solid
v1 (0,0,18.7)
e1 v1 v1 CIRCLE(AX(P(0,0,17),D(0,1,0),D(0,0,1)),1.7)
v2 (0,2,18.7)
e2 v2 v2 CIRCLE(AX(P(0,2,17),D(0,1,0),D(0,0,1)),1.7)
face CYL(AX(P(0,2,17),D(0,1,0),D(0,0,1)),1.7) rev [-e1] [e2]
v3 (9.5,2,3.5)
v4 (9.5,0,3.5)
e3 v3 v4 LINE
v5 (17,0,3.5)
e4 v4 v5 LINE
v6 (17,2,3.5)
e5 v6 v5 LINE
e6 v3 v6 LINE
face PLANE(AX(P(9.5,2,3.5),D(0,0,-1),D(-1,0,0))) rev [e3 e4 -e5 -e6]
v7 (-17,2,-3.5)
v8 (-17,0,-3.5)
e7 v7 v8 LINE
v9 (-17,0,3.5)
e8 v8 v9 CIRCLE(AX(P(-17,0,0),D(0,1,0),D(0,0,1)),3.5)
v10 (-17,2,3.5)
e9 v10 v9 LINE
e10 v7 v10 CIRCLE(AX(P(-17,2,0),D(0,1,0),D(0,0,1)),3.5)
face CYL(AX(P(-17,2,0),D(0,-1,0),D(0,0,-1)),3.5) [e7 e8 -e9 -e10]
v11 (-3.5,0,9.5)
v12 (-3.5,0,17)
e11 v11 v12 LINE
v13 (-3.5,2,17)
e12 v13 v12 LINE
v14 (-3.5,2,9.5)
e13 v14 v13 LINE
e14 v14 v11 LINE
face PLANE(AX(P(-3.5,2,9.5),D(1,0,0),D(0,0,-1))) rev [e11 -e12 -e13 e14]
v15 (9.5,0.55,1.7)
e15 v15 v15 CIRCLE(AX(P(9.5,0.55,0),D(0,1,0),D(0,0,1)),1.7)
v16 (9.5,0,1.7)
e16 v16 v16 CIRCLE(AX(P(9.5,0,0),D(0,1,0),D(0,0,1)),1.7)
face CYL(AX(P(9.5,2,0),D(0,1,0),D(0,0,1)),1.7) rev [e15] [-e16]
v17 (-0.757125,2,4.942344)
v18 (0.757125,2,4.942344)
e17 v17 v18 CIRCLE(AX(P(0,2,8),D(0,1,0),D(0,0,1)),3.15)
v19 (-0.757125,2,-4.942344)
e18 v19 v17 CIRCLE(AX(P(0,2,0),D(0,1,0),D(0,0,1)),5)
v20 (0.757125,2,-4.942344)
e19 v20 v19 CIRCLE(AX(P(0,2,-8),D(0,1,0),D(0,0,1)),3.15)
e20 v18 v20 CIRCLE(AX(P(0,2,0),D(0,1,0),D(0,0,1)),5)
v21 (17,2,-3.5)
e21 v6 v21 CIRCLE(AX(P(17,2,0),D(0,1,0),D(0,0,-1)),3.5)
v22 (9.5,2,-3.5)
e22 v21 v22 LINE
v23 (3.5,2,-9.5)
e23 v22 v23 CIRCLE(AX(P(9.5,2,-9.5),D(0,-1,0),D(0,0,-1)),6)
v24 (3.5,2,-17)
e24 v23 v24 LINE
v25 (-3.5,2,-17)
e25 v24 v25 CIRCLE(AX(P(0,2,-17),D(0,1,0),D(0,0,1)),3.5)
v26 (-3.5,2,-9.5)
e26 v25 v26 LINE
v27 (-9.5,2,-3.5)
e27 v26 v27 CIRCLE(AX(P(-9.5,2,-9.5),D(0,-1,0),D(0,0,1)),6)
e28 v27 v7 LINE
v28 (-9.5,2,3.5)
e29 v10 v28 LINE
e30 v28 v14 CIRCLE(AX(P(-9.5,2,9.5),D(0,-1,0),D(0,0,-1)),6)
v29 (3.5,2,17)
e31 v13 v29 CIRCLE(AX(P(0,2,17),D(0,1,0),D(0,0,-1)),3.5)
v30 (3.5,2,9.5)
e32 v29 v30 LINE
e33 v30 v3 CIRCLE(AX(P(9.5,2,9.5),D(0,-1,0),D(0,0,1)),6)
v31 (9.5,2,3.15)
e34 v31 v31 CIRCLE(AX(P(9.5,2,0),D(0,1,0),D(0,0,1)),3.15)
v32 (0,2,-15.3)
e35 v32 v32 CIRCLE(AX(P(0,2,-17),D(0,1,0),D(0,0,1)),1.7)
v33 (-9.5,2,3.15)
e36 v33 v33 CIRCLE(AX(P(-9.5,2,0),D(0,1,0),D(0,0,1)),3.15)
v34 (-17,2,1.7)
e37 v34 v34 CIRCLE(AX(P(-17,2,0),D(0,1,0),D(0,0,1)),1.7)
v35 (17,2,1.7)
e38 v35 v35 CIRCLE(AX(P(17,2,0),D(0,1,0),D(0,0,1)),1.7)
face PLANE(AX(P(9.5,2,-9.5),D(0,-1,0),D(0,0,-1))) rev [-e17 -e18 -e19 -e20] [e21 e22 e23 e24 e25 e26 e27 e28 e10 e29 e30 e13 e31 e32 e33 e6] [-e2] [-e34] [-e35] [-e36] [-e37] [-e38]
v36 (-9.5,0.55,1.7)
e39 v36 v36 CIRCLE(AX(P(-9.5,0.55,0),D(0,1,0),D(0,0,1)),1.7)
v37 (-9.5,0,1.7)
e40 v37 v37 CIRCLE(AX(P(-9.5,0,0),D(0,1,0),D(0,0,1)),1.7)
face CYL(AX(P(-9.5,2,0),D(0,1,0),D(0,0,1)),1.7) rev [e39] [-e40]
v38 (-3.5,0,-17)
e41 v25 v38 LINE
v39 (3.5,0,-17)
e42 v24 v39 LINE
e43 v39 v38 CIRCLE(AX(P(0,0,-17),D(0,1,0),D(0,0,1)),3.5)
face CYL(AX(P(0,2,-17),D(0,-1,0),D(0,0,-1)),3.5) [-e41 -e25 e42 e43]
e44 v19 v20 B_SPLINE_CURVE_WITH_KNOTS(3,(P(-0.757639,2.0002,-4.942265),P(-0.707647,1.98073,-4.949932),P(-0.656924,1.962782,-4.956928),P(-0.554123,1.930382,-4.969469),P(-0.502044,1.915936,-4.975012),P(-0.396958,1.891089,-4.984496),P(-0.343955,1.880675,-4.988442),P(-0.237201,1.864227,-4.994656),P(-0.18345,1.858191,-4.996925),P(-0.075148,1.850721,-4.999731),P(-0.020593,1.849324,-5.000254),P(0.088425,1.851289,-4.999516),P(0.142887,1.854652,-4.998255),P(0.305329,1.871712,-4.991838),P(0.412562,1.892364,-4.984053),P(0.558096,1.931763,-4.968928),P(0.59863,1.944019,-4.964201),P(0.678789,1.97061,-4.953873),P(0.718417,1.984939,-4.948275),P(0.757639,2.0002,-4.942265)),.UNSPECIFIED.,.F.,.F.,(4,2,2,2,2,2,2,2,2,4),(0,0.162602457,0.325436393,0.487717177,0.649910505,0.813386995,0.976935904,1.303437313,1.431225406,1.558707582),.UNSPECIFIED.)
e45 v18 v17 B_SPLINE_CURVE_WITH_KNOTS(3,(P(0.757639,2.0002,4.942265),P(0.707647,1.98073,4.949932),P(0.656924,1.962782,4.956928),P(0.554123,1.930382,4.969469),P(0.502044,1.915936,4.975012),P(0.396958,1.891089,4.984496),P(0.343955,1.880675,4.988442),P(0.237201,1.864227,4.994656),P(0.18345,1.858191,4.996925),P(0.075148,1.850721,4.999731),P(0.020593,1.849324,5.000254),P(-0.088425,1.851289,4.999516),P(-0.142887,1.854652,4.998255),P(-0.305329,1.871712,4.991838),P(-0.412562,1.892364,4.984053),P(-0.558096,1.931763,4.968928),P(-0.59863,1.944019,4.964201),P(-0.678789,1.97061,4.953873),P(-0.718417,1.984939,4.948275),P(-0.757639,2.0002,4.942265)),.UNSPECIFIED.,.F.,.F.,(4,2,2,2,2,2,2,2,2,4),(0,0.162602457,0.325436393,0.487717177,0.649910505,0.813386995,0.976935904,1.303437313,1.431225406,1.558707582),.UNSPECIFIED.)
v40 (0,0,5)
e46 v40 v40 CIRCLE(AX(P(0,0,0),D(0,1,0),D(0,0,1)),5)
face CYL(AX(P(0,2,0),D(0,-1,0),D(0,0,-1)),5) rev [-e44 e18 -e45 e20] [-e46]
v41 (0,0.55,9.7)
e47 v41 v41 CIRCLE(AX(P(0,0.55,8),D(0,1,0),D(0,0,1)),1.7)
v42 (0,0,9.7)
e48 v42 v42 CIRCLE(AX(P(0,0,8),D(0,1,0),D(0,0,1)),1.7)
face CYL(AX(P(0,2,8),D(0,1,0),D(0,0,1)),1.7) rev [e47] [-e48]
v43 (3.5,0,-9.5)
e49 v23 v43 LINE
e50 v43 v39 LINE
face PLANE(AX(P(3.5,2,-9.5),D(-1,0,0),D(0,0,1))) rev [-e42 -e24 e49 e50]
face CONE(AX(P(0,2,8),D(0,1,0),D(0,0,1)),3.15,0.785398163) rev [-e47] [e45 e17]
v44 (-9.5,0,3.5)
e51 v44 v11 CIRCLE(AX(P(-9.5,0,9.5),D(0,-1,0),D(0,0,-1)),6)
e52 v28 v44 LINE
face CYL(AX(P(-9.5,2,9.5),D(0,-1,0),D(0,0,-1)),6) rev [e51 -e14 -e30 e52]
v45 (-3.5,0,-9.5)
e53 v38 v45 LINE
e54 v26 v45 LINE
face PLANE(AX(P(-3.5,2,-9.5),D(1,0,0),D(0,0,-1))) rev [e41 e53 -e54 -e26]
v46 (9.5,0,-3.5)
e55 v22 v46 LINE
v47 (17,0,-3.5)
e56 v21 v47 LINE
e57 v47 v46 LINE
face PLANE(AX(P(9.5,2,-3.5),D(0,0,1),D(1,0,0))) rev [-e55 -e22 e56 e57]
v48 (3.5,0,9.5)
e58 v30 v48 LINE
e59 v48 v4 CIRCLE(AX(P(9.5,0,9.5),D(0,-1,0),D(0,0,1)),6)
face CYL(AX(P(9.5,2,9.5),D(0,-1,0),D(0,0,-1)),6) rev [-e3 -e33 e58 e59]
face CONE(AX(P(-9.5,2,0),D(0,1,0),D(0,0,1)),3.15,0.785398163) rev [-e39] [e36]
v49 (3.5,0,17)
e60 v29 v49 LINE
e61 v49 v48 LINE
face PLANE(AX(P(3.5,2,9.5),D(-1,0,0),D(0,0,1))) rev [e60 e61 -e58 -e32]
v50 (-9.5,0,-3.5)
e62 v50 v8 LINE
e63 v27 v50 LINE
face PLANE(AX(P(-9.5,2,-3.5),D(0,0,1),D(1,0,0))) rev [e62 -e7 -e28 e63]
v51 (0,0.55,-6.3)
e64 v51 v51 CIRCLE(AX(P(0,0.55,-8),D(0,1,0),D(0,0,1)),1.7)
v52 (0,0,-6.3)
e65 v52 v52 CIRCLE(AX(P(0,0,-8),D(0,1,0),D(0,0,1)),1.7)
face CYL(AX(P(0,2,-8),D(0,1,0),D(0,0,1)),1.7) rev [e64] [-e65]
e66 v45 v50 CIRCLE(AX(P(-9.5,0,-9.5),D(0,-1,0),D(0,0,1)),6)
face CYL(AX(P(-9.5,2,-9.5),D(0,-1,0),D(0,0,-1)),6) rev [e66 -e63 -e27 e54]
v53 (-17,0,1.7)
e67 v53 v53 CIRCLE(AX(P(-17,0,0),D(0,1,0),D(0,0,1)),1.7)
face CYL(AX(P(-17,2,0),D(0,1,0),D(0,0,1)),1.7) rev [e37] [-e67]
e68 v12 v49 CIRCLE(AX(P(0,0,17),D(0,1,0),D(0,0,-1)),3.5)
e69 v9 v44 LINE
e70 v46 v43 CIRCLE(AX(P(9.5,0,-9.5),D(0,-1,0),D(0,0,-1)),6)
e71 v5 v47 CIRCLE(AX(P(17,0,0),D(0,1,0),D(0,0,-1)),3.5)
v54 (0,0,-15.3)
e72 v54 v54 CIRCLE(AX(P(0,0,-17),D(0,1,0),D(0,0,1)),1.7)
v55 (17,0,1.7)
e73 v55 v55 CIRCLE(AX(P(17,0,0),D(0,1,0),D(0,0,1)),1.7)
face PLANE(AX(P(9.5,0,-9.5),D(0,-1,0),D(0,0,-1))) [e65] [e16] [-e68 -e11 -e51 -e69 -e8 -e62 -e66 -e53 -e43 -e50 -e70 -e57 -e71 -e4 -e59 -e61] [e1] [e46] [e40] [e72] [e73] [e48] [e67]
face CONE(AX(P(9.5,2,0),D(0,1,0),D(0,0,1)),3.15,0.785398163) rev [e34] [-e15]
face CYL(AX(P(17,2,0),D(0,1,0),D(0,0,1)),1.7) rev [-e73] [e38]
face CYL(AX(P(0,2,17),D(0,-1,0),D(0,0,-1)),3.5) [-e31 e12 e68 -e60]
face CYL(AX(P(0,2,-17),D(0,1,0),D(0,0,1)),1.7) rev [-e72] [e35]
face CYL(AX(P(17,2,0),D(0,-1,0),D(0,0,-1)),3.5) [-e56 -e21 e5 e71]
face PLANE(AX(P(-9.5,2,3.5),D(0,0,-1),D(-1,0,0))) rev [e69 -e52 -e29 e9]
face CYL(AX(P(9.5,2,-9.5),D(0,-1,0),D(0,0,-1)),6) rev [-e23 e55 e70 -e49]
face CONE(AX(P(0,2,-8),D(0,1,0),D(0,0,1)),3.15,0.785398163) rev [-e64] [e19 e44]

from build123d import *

# Parameters (mm, degrees)
SKETCH1_R                                      = 5
BOSS_EXTRUDE1_DEPTH                            = 2
M3_CLEARANCE_HOLE1_D                           = 3.4
CSK_FOR_M3_FLAT_HEAD_MACHINE_SCREW3_AT_2_COUNT = 2
CSK_FOR_M3_FLAT_HEAD_MACHINE_SCREW3_AT_2_PITCH = 12.419742348
CSK_FOR_M3_FLAT_HEAD_MACHINE_SCREW3_AT_3_COUNT = 2
CSK_FOR_M3_FLAT_HEAD_MACHINE_SCREW3_AT_3_PITCH = 16
CSK_FOR_M3_FLAT_HEAD_MACHINE_SCREW3_AT_4_COUNT = 2
CSK_FOR_M3_FLAT_HEAD_MACHINE_SCREW3_AT_4_PITCH = 12.419742348


with BuildPart() as part:
    # Sketch1 → Boss-Extrude1 (new body)
    with BuildSketch(Plane(origin=(0, 0, 0), x_dir=(1, 0, 0), z_dir=(0, 1, 0))):
        with BuildLine():
            Line((3.5, 9.5), (3.5, 17))
            ThreePointArc((3.5, 17), (0, 20.5), (-3.5, 17))
            Line((-3.5, 17), (-3.5, 9.5))
            ThreePointArc((-3.5, 9.5), (-5.257359313, 5.257359313), (-9.5, 3.5))
            Line((-9.5, 3.5), (-17, 3.5))
            ThreePointArc((-17, 3.5), (-20.5, 0), (-17, -3.5))
            Line((-17, -3.5), (-9.5, -3.5))
            ThreePointArc((-9.5, -3.5), (-5.257359313, -5.257359313), (-3.5, -9.5))
            Line((-3.5, -9.5), (-3.5, -17))
            ThreePointArc((-3.5, -17), (0, -20.5), (3.5, -17))
            Line((3.5, -17), (3.5, -9.5))
            ThreePointArc((3.5, -9.5), (5.257359313, -5.257359313), (9.5, -3.5))
            Line((9.5, -3.5), (17, -3.5))
            ThreePointArc((17, -3.5), (20.5, 0), (17, 3.5))
            Line((17, 3.5), (9.5, 3.5))
            ThreePointArc((9.5, 3.5), (5.257359313, 5.257359313), (3.5, 9.5))
        make_face()
        with Locations(Location((0, 0, 0), (0, 0, 270))):
            Circle(SKETCH1_R, mode=Mode.SUBTRACT)
    extrude(amount=BOSS_EXTRUDE1_DEPTH)

    # M3 Clearance Hole1 (through all)
    with Locations(Plane(origin=(0, 2, 0), x_dir=(1, 0, 0), z_dir=(0, 1, 0))):
        with Locations((0, 17), (-17, 0), (17, 0), (0, -17)):
            Hole(M3_CLEARANCE_HOLE1_D / 2)

    # Sketch8 → CSK for M3 Flat Head Machine Screw3 (revolve, cut)
    with BuildSketch(Plane(origin=(0, 2, -8), x_dir=(0, 0, 1), z_dir=(1, 0, 0))):
        Polygon((0, 0), (0, 2), (1.7, 2), (1.7, 1.45), (3.15, 0), align=None)
    csk_for_m3_flat_head_machine_screw3 = revolve(axis=Axis((0, 8.35, -8), (0, -1, 0)), mode=Mode.SUBTRACT)

    # CSK for M3 Flat Head Machine Screw3 at 2: CSK for M3 Flat Head Machine Screw3 ×2
    with Locations(*[Vector(-0.7649111981170509, 0, 0.6441357457827798) * (i * CSK_FOR_M3_FLAT_HEAD_MACHINE_SCREW3_AT_2_PITCH) for i in range(1, CSK_FOR_M3_FLAT_HEAD_MACHINE_SCREW3_AT_2_COUNT)]):
        add(csk_for_m3_flat_head_machine_screw3, mode=Mode.SUBTRACT)

    # CSK for M3 Flat Head Machine Screw3 at 3: CSK for M3 Flat Head Machine Screw3 ×2
    with Locations(*[(0, 0, i * CSK_FOR_M3_FLAT_HEAD_MACHINE_SCREW3_AT_3_PITCH) for i in range(1, CSK_FOR_M3_FLAT_HEAD_MACHINE_SCREW3_AT_3_COUNT)]):
        add(csk_for_m3_flat_head_machine_screw3, mode=Mode.SUBTRACT)

    # CSK for M3 Flat Head Machine Screw3 at 4: CSK for M3 Flat Head Machine Screw3 ×2
    with Locations(*[Vector(0.7649111981170508, 0, 0.6441357457827798) * (i * CSK_FOR_M3_FLAT_HEAD_MACHINE_SCREW3_AT_4_PITCH) for i in range(1, CSK_FOR_M3_FLAT_HEAD_MACHINE_SCREW3_AT_4_COUNT)]):
        add(csk_for_m3_flat_head_machine_screw3, mode=Mode.SUBTRACT)


solid = part.part
